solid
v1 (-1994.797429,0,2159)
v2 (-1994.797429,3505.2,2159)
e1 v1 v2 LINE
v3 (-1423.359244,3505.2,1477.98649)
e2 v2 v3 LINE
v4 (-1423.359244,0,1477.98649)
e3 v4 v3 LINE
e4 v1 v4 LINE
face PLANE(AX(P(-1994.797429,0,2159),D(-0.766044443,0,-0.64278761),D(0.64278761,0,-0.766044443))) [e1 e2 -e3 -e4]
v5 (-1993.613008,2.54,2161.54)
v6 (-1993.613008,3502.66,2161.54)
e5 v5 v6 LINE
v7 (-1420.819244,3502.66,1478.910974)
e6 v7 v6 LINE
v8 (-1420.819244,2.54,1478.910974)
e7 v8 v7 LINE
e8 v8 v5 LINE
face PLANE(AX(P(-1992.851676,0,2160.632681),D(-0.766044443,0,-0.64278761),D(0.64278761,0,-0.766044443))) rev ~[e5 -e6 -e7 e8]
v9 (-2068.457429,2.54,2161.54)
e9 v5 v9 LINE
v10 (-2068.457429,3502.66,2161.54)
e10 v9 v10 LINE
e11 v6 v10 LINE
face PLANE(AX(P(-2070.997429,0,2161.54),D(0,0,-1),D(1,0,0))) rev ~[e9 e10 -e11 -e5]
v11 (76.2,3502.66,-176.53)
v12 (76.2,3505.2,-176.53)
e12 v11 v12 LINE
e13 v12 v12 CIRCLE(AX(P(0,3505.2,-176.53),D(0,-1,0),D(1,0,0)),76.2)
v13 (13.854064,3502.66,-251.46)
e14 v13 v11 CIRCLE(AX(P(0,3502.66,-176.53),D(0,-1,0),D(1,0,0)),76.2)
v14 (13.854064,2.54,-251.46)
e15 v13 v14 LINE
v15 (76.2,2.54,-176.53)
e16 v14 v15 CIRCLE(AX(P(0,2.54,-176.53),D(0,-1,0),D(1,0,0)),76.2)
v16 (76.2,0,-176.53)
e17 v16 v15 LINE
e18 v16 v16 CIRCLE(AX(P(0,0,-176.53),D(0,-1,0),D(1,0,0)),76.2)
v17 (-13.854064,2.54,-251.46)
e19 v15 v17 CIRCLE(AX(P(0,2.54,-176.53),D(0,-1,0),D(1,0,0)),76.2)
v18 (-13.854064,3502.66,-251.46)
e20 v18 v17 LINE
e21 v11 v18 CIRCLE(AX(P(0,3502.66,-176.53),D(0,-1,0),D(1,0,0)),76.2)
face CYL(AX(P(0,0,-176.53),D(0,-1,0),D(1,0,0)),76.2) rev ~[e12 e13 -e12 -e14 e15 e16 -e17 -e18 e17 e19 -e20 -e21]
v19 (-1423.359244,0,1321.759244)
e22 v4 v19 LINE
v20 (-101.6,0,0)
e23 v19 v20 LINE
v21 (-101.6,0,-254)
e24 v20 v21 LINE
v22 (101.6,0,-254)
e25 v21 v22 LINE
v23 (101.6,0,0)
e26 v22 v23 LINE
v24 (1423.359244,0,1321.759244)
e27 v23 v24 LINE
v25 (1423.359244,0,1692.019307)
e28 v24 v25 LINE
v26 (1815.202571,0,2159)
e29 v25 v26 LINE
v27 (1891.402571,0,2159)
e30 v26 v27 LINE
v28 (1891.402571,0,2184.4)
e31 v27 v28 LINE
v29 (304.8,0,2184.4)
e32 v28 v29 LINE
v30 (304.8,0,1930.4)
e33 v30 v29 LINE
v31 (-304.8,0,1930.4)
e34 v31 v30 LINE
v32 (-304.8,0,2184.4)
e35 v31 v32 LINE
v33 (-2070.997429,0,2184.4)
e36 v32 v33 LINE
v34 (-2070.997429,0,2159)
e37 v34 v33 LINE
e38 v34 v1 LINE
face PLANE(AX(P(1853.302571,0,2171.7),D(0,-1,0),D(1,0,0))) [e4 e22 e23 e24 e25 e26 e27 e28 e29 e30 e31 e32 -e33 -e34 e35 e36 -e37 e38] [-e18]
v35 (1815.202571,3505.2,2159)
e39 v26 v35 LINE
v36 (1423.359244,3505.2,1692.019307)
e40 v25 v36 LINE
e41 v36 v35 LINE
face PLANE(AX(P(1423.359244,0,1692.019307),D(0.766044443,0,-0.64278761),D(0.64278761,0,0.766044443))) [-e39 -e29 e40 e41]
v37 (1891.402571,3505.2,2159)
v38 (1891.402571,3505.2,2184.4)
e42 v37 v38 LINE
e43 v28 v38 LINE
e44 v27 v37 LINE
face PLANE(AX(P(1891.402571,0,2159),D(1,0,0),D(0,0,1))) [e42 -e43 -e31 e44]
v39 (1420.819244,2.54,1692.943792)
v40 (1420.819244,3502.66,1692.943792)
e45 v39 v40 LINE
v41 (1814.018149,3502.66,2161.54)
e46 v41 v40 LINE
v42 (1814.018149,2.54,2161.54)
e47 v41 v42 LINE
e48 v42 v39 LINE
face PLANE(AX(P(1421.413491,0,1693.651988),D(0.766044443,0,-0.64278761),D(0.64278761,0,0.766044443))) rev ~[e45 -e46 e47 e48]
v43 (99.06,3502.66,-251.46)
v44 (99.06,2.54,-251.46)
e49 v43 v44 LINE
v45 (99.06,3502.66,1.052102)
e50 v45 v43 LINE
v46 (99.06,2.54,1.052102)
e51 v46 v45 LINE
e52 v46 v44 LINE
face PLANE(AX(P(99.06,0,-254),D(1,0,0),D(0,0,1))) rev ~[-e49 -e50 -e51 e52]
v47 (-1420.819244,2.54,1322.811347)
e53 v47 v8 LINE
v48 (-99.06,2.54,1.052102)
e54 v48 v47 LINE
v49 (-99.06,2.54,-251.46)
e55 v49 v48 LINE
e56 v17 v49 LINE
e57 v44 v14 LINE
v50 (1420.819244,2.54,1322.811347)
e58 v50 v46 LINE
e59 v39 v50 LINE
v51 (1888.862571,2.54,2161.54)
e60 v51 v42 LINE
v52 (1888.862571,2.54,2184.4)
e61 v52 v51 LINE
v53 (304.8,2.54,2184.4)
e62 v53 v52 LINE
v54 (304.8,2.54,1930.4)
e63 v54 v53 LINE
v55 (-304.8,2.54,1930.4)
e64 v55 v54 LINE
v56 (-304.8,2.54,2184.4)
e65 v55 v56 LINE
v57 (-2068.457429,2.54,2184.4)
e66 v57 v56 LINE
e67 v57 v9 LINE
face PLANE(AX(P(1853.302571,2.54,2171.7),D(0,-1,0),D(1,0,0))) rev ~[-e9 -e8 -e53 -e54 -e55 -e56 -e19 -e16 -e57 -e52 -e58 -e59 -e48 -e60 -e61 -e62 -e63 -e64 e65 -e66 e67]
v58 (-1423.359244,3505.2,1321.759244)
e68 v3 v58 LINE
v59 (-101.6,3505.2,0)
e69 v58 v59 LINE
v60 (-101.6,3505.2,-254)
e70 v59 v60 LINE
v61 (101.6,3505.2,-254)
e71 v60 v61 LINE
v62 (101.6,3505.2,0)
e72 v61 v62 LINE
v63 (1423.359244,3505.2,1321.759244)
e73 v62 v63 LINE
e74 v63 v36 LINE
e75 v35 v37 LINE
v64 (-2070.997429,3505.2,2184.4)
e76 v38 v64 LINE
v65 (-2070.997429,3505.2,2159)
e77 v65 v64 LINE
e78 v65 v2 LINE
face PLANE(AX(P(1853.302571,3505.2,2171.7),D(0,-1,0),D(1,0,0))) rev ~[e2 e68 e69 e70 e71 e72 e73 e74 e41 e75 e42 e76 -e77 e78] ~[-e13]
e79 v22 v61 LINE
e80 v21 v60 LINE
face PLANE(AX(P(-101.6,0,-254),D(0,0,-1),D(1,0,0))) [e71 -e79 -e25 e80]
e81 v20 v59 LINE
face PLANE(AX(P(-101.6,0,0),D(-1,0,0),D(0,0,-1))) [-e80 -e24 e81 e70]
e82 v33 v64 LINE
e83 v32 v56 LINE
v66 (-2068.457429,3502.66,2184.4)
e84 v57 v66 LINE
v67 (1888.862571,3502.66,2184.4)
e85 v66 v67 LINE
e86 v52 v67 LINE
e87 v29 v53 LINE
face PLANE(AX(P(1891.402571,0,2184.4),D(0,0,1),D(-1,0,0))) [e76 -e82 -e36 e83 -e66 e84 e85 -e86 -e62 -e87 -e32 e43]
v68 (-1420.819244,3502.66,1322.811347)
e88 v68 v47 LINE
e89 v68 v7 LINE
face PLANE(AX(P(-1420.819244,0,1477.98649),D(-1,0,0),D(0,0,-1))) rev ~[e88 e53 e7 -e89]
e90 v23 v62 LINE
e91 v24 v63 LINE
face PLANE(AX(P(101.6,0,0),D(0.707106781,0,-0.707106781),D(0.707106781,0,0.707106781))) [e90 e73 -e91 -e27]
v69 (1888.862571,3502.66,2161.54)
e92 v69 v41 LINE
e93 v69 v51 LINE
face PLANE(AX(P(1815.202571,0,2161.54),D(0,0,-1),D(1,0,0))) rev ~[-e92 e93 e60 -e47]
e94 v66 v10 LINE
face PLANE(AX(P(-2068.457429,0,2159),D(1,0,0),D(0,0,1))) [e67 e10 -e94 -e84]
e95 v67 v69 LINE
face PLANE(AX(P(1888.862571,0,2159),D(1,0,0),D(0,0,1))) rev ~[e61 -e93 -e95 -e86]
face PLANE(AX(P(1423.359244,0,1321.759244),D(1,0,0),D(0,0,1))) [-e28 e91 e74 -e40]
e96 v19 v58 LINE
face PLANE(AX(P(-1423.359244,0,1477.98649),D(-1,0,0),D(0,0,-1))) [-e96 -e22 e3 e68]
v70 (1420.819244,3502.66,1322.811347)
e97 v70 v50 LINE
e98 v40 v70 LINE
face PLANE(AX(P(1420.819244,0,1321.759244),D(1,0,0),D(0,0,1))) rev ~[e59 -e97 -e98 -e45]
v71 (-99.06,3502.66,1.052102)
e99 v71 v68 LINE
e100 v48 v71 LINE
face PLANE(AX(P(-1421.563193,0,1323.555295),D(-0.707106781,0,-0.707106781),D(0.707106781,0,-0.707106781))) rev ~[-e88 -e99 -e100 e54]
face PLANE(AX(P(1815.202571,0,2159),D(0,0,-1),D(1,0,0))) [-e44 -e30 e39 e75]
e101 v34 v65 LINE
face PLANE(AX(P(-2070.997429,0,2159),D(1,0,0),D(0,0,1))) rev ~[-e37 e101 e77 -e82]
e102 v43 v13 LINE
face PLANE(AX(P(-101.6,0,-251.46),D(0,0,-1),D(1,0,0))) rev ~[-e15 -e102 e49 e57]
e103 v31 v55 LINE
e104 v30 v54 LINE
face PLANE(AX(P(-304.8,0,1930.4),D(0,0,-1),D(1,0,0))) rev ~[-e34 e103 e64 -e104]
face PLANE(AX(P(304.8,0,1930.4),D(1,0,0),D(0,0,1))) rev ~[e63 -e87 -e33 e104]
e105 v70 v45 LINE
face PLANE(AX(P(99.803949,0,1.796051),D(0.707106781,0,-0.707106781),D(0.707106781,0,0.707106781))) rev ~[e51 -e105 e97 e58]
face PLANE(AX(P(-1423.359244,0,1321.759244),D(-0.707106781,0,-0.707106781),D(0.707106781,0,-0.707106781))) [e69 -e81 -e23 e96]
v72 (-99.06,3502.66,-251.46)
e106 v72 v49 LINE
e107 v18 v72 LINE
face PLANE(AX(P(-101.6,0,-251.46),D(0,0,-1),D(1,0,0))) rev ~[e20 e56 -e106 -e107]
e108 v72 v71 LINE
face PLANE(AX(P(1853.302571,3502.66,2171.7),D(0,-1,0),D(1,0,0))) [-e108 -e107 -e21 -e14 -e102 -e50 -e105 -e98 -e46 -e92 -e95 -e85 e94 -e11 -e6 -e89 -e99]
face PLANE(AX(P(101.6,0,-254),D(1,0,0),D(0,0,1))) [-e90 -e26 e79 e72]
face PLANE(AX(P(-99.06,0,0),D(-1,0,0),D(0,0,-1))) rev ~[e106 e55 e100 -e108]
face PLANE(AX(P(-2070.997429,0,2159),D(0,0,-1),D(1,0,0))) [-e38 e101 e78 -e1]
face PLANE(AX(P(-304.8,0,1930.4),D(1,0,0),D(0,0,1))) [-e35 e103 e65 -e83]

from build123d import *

# Parameters (mm, degrees)
F0_W     = 76.2
F0_H     = 25.4
F1_DEPTH = 3505.2
F2_T     = -2.54
F3_R     = 76.2
F4_DEPTH = 3505.201
F5_W     = 609.6
F5_H     = 254
F6_DEPTH = 25.4


with BuildPart() as f1:
    # F0 (on Front) → F1 (new body)
    with BuildSketch(Plane.XZ):
        with Locations((1853.3025709268, 2171.7)):
            Rectangle(F0_W, F0_H)
        Polygon((1423.3592440619, 1692.0193074747), (1815.2025709268, 2159), (1815.2025709268, 2184.4), (-1994.7974290732, 2184.4), (-1994.7974290732, 2159), (-1423.3592440619, 1477.9864900672), (-1423.3592440619, 1321.7592440619), (-101.6, 0), (-101.6, -254), (101.6, -254), (101.6, 0), (1423.3592440619, 1321.7592440619), align=None)
        with Locations((-2032.8974290732, 2171.7)):
            Rectangle(F0_W, F0_H)
    extrude(amount=-F1_DEPTH)

    # F2
    f2_openings = [f1.faces().sort_by_distance(p)[0] for p in [
        (-89.797429, 1752.6, 2184.4),
    ]]
    offset(amount=F2_T, openings=f2_openings, kind=Kind.INTERSECTION)

    # F3 (on face) → F4 (cut, through all)
    with BuildSketch(Plane.XZ):
        with Locations((0, -176.53)):
            Circle(F3_R)
    extrude(amount=-F4_DEPTH, mode=Mode.SUBTRACT)

    # F5 (on face) → F6 (cut)
    with BuildSketch(Plane.XZ):
        with Locations((0, 2057.4)):
            Rectangle(F5_W, F5_H)
    extrude(amount=-F6_DEPTH, mode=Mode.SUBTRACT)


solid = f1.part
